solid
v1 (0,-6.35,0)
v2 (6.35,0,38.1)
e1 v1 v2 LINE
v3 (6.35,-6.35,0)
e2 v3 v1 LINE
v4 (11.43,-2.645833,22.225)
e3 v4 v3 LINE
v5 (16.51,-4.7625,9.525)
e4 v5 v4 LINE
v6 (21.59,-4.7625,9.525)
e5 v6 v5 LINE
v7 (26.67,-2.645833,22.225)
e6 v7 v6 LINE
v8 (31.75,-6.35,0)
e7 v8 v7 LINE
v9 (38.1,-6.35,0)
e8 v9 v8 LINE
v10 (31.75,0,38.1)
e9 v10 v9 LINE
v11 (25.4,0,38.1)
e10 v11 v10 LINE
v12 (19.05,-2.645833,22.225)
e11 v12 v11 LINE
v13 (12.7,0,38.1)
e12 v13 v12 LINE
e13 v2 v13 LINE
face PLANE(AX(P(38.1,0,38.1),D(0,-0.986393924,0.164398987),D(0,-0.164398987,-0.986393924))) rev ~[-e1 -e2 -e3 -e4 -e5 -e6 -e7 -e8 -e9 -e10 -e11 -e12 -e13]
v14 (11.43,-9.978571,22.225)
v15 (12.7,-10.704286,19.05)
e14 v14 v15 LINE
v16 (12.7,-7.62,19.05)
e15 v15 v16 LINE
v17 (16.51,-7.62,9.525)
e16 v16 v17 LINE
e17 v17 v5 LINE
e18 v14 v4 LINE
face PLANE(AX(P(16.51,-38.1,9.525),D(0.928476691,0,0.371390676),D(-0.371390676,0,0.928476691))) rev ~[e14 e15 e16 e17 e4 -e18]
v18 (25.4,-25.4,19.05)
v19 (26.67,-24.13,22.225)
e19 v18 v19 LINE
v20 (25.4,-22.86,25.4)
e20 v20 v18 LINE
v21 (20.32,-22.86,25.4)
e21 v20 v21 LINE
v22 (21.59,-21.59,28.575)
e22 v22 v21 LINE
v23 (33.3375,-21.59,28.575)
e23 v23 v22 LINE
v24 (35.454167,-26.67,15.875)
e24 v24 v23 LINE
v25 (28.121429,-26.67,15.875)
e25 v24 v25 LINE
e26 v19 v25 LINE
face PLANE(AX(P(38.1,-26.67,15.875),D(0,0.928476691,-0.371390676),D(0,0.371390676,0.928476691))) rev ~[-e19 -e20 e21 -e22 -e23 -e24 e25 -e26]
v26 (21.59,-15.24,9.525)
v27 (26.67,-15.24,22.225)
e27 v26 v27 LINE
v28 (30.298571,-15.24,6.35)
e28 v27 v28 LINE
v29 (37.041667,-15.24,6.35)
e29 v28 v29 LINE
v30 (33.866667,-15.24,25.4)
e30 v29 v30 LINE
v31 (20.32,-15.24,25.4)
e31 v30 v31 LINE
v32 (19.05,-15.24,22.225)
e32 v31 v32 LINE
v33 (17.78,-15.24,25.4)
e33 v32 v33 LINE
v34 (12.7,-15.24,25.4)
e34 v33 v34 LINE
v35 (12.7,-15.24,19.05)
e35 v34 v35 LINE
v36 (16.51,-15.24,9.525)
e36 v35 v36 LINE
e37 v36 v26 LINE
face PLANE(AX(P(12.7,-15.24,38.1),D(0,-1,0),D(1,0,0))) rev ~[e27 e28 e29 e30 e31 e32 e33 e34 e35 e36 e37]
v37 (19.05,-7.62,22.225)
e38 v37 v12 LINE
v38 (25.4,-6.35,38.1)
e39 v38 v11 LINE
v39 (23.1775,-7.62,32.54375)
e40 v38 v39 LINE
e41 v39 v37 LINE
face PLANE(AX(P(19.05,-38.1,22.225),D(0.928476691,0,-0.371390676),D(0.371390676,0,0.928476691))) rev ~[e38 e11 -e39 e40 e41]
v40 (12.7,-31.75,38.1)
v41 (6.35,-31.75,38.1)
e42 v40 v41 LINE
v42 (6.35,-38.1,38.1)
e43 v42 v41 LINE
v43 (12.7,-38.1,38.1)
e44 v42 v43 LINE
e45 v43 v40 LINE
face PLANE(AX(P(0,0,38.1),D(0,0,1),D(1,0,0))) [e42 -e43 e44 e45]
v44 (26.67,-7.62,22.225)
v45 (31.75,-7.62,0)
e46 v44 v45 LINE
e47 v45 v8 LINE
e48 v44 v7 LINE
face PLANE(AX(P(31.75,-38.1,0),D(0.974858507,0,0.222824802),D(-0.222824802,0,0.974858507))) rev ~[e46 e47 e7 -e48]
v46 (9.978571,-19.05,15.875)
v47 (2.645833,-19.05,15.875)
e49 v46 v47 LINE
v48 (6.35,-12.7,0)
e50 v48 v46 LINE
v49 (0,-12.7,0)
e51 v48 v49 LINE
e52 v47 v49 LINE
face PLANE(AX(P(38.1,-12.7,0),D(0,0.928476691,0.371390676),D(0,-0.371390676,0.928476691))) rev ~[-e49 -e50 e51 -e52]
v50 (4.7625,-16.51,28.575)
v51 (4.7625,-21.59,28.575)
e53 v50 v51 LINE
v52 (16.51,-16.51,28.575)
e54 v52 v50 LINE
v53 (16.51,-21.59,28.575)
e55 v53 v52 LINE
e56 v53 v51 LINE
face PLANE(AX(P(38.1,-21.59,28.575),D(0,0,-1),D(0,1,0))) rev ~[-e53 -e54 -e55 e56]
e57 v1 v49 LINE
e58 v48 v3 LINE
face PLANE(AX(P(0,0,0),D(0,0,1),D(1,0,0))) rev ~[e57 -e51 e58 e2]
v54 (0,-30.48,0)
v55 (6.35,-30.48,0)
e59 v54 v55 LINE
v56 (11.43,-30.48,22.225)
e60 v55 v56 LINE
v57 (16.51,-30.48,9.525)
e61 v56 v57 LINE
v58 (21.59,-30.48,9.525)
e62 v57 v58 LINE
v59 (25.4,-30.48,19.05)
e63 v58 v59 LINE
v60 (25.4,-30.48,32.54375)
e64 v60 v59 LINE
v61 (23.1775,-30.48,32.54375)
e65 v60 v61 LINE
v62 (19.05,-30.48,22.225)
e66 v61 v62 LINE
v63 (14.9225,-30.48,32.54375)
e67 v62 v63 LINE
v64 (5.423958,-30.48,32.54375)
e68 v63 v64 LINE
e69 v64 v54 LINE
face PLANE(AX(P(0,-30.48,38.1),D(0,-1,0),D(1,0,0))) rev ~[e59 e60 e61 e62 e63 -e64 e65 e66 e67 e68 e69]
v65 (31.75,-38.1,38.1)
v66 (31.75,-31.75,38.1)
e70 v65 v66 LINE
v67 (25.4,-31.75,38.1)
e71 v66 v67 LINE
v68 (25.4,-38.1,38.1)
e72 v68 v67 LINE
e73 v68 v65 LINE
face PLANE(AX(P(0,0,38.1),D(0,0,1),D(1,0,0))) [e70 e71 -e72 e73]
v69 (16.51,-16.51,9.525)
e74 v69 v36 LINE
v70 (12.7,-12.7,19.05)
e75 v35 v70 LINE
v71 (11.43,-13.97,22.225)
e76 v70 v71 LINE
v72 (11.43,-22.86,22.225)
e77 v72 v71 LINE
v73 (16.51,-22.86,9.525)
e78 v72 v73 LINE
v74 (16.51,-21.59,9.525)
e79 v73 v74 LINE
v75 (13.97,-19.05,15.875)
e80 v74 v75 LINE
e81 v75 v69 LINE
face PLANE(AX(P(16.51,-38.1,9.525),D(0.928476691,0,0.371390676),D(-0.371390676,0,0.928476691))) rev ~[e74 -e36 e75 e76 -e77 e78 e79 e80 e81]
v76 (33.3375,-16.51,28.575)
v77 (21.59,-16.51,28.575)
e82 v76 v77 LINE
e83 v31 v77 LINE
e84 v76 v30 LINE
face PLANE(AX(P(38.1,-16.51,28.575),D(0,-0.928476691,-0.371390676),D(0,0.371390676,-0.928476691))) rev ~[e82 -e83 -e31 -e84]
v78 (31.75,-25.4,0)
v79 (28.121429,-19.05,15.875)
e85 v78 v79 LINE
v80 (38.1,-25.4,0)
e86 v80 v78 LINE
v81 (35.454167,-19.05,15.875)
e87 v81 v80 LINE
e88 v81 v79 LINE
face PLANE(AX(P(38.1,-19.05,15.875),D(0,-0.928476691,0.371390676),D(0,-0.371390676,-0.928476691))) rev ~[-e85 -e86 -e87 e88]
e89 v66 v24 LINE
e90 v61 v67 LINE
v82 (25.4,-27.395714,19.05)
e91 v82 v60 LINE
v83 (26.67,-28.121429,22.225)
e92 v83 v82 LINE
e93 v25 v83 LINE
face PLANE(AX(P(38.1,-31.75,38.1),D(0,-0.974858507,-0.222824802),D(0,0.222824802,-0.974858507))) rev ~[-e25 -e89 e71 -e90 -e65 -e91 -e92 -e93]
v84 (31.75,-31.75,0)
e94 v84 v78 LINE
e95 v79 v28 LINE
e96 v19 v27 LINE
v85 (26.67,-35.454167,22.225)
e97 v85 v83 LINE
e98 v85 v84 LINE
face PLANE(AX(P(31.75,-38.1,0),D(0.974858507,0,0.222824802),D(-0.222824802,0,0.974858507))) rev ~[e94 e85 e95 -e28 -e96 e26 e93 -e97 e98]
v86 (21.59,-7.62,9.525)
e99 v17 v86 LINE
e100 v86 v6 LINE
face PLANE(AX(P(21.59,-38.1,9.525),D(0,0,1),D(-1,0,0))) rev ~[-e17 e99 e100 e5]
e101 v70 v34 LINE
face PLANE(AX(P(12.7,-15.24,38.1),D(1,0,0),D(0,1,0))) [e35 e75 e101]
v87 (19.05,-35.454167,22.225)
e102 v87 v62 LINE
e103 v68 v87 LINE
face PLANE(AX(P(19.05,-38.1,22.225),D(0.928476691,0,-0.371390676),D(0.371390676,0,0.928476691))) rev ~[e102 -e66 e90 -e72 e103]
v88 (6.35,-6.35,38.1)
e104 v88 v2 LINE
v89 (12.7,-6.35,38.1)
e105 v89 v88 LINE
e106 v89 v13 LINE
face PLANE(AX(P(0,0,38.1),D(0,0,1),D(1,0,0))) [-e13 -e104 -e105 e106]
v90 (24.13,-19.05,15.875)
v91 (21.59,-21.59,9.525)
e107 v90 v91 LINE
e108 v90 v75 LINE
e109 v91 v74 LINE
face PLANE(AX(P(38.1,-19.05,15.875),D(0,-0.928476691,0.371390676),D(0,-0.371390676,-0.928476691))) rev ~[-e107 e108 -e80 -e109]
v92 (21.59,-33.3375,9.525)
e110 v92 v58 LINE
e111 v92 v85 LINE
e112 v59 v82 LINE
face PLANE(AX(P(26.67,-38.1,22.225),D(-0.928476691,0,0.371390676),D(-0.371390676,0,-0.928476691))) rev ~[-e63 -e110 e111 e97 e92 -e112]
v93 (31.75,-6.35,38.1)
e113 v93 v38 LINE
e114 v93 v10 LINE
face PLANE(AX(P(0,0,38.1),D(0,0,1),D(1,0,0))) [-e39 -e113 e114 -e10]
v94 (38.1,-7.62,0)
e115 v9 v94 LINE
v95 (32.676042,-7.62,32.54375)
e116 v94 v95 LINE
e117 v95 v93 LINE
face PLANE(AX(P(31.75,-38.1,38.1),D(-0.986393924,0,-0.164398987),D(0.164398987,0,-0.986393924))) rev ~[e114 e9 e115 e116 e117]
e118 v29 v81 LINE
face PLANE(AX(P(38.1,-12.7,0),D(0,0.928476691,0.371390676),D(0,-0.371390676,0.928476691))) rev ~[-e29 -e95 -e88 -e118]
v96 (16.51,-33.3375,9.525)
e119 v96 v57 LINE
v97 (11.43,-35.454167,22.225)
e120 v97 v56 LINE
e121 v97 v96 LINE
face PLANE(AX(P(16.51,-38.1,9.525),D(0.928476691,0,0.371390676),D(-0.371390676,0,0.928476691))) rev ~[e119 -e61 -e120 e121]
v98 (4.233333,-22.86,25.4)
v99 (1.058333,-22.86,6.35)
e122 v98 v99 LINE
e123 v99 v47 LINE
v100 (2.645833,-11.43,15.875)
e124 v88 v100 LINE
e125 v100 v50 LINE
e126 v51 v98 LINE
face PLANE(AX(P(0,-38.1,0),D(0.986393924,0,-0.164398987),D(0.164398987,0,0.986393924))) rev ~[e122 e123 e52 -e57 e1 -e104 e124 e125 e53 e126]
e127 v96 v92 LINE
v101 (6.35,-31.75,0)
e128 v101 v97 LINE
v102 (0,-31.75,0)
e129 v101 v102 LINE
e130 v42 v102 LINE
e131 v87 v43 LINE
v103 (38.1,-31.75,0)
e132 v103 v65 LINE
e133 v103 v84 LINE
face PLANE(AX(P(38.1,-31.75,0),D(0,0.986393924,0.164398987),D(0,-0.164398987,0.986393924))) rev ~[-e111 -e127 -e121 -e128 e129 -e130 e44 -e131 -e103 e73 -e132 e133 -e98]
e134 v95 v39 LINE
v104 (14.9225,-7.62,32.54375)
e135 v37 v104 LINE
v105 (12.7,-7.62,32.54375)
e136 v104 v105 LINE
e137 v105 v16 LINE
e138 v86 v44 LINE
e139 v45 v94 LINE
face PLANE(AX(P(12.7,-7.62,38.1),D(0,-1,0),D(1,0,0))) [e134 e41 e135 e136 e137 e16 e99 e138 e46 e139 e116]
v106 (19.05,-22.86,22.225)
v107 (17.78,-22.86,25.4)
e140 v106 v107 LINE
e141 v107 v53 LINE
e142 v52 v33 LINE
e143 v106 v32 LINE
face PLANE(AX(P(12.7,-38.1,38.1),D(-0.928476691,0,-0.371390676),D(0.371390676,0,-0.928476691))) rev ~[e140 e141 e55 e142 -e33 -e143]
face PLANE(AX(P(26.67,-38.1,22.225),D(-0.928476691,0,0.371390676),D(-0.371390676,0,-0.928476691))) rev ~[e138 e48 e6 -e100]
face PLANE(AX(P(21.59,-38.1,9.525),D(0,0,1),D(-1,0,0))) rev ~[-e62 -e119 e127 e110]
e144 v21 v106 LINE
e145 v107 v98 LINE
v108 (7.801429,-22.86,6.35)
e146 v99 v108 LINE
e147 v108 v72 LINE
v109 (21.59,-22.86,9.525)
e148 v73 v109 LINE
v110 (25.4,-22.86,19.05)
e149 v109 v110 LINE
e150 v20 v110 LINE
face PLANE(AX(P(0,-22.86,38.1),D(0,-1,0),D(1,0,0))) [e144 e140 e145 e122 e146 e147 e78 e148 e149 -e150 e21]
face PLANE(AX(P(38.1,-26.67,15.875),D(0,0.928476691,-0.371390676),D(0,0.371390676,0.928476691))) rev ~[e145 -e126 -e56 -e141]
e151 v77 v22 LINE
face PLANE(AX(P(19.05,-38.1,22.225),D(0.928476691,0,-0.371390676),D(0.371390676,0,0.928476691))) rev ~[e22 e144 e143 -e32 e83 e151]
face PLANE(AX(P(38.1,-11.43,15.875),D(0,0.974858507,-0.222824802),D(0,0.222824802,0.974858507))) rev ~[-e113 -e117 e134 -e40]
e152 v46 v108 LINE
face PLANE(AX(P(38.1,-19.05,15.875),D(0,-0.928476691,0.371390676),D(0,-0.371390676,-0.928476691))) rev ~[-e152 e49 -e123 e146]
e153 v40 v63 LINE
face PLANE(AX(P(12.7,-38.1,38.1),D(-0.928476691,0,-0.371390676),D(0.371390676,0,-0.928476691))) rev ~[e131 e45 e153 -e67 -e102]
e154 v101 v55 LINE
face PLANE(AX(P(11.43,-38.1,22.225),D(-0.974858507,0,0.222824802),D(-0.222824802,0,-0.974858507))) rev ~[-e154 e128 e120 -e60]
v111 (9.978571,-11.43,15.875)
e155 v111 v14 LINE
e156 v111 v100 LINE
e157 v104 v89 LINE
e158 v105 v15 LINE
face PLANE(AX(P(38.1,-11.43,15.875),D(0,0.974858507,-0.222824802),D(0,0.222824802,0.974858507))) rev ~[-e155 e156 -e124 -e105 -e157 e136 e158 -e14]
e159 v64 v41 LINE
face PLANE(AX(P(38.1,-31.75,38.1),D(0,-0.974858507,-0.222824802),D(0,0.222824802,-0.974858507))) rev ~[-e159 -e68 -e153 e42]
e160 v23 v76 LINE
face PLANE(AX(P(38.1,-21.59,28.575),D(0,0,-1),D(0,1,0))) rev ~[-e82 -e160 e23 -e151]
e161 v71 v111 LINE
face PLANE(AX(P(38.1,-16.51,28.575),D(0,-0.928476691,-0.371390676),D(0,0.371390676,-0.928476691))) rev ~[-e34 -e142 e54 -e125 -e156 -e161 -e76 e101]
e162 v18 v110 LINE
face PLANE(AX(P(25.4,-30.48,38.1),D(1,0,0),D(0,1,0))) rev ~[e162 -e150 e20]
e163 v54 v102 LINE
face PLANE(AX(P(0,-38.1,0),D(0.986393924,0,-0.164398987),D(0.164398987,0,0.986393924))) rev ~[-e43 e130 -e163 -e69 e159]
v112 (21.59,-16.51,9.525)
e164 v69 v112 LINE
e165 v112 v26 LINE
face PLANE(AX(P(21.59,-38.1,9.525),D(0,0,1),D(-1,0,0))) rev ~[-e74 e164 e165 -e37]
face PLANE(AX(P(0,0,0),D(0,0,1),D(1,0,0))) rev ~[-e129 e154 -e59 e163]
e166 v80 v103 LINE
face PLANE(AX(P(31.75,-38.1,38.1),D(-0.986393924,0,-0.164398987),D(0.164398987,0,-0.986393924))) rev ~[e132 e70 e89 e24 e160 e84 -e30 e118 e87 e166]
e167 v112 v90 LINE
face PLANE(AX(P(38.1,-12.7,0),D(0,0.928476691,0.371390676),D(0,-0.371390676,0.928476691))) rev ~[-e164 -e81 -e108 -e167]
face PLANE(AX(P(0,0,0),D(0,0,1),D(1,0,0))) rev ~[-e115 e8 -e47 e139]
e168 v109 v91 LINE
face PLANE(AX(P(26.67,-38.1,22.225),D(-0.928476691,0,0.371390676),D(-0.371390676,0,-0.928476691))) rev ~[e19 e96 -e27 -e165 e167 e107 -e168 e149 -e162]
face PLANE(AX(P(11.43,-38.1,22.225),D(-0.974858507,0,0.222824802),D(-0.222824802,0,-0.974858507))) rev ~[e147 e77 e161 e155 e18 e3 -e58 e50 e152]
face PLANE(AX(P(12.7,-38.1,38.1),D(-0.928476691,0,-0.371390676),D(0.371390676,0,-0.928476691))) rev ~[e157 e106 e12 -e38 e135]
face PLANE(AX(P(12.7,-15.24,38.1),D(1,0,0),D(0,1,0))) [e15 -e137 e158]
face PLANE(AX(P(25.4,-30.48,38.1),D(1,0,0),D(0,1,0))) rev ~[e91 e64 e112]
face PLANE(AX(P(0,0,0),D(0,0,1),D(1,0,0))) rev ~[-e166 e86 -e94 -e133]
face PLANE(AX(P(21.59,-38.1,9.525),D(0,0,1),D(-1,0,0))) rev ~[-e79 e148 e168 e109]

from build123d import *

# Parameters (mm, degrees)
F0_W      = 38.1
F0_H      = 38.1
F1_DEPTH  = 38.1
F6_DEPTH  = 38.1
F8_DEPTH  = 38.1
F9_W      = 25.4
F9_H      = 7.62
F10_DEPTH = 38.1


with BuildPart() as f1:
    # F0 (on Front) → F1 (new body)
    with BuildSketch(Plane.XZ):
        with Locations((19.05, 19.05)):
            Rectangle(F0_W, F0_H)
    extrude(amount=F1_DEPTH)

    # F5 (on offset) → F6 (cut)
    with BuildSketch(Plane.YZ.offset(38.1)):
        Polygon((-6.35, 38.1), (-31.75, 38.1), (-26.67, 15.875), (-21.59, 28.575), (-16.51, 28.575), (-11.43, 15.875), align=None)
        Polygon((-31.75, 0), (-38.1, 38.1), (-38.1, 0), align=None)
        Polygon((-19.05, 15.875), (-25.4, 0), (-12.7, 0), align=None)
        Polygon((0, 0), (0, 38.1), (-6.35, 0), align=None)
    extrude(amount=-F6_DEPTH, mode=Mode.SUBTRACT)

    # F7 (on offset) → F8 (cut)
    with BuildSketch(Plane.XZ.offset(38.1)):
        Polygon((0, 38.1), (0, 0), (6.35, 38.1), align=None)
        Polygon((19.05, 22.225), (25.4, 38.1), (12.7, 38.1), align=None)
        Polygon((38.1, 0), (38.1, 38.1), (31.75, 38.1), align=None)
        Polygon((6.35, 0), (31.75, 0), (26.67, 22.225), (21.59, 9.525), (16.51, 9.525), (11.43, 22.225), align=None)
    extrude(amount=-F8_DEPTH, mode=Mode.SUBTRACT)

    # F9 (on offset) → F10 (cut)
    with BuildSketch(Plane.XY.offset(38.1)):
        with Locations((25.4, -11.43)):
            Rectangle(F9_W, F9_H)
        with Locations((12.7, -26.67)):
            Rectangle(F9_W, F9_H)
    extrude(amount=-F10_DEPTH, mode=Mode.SUBTRACT)


solid = f1.part
